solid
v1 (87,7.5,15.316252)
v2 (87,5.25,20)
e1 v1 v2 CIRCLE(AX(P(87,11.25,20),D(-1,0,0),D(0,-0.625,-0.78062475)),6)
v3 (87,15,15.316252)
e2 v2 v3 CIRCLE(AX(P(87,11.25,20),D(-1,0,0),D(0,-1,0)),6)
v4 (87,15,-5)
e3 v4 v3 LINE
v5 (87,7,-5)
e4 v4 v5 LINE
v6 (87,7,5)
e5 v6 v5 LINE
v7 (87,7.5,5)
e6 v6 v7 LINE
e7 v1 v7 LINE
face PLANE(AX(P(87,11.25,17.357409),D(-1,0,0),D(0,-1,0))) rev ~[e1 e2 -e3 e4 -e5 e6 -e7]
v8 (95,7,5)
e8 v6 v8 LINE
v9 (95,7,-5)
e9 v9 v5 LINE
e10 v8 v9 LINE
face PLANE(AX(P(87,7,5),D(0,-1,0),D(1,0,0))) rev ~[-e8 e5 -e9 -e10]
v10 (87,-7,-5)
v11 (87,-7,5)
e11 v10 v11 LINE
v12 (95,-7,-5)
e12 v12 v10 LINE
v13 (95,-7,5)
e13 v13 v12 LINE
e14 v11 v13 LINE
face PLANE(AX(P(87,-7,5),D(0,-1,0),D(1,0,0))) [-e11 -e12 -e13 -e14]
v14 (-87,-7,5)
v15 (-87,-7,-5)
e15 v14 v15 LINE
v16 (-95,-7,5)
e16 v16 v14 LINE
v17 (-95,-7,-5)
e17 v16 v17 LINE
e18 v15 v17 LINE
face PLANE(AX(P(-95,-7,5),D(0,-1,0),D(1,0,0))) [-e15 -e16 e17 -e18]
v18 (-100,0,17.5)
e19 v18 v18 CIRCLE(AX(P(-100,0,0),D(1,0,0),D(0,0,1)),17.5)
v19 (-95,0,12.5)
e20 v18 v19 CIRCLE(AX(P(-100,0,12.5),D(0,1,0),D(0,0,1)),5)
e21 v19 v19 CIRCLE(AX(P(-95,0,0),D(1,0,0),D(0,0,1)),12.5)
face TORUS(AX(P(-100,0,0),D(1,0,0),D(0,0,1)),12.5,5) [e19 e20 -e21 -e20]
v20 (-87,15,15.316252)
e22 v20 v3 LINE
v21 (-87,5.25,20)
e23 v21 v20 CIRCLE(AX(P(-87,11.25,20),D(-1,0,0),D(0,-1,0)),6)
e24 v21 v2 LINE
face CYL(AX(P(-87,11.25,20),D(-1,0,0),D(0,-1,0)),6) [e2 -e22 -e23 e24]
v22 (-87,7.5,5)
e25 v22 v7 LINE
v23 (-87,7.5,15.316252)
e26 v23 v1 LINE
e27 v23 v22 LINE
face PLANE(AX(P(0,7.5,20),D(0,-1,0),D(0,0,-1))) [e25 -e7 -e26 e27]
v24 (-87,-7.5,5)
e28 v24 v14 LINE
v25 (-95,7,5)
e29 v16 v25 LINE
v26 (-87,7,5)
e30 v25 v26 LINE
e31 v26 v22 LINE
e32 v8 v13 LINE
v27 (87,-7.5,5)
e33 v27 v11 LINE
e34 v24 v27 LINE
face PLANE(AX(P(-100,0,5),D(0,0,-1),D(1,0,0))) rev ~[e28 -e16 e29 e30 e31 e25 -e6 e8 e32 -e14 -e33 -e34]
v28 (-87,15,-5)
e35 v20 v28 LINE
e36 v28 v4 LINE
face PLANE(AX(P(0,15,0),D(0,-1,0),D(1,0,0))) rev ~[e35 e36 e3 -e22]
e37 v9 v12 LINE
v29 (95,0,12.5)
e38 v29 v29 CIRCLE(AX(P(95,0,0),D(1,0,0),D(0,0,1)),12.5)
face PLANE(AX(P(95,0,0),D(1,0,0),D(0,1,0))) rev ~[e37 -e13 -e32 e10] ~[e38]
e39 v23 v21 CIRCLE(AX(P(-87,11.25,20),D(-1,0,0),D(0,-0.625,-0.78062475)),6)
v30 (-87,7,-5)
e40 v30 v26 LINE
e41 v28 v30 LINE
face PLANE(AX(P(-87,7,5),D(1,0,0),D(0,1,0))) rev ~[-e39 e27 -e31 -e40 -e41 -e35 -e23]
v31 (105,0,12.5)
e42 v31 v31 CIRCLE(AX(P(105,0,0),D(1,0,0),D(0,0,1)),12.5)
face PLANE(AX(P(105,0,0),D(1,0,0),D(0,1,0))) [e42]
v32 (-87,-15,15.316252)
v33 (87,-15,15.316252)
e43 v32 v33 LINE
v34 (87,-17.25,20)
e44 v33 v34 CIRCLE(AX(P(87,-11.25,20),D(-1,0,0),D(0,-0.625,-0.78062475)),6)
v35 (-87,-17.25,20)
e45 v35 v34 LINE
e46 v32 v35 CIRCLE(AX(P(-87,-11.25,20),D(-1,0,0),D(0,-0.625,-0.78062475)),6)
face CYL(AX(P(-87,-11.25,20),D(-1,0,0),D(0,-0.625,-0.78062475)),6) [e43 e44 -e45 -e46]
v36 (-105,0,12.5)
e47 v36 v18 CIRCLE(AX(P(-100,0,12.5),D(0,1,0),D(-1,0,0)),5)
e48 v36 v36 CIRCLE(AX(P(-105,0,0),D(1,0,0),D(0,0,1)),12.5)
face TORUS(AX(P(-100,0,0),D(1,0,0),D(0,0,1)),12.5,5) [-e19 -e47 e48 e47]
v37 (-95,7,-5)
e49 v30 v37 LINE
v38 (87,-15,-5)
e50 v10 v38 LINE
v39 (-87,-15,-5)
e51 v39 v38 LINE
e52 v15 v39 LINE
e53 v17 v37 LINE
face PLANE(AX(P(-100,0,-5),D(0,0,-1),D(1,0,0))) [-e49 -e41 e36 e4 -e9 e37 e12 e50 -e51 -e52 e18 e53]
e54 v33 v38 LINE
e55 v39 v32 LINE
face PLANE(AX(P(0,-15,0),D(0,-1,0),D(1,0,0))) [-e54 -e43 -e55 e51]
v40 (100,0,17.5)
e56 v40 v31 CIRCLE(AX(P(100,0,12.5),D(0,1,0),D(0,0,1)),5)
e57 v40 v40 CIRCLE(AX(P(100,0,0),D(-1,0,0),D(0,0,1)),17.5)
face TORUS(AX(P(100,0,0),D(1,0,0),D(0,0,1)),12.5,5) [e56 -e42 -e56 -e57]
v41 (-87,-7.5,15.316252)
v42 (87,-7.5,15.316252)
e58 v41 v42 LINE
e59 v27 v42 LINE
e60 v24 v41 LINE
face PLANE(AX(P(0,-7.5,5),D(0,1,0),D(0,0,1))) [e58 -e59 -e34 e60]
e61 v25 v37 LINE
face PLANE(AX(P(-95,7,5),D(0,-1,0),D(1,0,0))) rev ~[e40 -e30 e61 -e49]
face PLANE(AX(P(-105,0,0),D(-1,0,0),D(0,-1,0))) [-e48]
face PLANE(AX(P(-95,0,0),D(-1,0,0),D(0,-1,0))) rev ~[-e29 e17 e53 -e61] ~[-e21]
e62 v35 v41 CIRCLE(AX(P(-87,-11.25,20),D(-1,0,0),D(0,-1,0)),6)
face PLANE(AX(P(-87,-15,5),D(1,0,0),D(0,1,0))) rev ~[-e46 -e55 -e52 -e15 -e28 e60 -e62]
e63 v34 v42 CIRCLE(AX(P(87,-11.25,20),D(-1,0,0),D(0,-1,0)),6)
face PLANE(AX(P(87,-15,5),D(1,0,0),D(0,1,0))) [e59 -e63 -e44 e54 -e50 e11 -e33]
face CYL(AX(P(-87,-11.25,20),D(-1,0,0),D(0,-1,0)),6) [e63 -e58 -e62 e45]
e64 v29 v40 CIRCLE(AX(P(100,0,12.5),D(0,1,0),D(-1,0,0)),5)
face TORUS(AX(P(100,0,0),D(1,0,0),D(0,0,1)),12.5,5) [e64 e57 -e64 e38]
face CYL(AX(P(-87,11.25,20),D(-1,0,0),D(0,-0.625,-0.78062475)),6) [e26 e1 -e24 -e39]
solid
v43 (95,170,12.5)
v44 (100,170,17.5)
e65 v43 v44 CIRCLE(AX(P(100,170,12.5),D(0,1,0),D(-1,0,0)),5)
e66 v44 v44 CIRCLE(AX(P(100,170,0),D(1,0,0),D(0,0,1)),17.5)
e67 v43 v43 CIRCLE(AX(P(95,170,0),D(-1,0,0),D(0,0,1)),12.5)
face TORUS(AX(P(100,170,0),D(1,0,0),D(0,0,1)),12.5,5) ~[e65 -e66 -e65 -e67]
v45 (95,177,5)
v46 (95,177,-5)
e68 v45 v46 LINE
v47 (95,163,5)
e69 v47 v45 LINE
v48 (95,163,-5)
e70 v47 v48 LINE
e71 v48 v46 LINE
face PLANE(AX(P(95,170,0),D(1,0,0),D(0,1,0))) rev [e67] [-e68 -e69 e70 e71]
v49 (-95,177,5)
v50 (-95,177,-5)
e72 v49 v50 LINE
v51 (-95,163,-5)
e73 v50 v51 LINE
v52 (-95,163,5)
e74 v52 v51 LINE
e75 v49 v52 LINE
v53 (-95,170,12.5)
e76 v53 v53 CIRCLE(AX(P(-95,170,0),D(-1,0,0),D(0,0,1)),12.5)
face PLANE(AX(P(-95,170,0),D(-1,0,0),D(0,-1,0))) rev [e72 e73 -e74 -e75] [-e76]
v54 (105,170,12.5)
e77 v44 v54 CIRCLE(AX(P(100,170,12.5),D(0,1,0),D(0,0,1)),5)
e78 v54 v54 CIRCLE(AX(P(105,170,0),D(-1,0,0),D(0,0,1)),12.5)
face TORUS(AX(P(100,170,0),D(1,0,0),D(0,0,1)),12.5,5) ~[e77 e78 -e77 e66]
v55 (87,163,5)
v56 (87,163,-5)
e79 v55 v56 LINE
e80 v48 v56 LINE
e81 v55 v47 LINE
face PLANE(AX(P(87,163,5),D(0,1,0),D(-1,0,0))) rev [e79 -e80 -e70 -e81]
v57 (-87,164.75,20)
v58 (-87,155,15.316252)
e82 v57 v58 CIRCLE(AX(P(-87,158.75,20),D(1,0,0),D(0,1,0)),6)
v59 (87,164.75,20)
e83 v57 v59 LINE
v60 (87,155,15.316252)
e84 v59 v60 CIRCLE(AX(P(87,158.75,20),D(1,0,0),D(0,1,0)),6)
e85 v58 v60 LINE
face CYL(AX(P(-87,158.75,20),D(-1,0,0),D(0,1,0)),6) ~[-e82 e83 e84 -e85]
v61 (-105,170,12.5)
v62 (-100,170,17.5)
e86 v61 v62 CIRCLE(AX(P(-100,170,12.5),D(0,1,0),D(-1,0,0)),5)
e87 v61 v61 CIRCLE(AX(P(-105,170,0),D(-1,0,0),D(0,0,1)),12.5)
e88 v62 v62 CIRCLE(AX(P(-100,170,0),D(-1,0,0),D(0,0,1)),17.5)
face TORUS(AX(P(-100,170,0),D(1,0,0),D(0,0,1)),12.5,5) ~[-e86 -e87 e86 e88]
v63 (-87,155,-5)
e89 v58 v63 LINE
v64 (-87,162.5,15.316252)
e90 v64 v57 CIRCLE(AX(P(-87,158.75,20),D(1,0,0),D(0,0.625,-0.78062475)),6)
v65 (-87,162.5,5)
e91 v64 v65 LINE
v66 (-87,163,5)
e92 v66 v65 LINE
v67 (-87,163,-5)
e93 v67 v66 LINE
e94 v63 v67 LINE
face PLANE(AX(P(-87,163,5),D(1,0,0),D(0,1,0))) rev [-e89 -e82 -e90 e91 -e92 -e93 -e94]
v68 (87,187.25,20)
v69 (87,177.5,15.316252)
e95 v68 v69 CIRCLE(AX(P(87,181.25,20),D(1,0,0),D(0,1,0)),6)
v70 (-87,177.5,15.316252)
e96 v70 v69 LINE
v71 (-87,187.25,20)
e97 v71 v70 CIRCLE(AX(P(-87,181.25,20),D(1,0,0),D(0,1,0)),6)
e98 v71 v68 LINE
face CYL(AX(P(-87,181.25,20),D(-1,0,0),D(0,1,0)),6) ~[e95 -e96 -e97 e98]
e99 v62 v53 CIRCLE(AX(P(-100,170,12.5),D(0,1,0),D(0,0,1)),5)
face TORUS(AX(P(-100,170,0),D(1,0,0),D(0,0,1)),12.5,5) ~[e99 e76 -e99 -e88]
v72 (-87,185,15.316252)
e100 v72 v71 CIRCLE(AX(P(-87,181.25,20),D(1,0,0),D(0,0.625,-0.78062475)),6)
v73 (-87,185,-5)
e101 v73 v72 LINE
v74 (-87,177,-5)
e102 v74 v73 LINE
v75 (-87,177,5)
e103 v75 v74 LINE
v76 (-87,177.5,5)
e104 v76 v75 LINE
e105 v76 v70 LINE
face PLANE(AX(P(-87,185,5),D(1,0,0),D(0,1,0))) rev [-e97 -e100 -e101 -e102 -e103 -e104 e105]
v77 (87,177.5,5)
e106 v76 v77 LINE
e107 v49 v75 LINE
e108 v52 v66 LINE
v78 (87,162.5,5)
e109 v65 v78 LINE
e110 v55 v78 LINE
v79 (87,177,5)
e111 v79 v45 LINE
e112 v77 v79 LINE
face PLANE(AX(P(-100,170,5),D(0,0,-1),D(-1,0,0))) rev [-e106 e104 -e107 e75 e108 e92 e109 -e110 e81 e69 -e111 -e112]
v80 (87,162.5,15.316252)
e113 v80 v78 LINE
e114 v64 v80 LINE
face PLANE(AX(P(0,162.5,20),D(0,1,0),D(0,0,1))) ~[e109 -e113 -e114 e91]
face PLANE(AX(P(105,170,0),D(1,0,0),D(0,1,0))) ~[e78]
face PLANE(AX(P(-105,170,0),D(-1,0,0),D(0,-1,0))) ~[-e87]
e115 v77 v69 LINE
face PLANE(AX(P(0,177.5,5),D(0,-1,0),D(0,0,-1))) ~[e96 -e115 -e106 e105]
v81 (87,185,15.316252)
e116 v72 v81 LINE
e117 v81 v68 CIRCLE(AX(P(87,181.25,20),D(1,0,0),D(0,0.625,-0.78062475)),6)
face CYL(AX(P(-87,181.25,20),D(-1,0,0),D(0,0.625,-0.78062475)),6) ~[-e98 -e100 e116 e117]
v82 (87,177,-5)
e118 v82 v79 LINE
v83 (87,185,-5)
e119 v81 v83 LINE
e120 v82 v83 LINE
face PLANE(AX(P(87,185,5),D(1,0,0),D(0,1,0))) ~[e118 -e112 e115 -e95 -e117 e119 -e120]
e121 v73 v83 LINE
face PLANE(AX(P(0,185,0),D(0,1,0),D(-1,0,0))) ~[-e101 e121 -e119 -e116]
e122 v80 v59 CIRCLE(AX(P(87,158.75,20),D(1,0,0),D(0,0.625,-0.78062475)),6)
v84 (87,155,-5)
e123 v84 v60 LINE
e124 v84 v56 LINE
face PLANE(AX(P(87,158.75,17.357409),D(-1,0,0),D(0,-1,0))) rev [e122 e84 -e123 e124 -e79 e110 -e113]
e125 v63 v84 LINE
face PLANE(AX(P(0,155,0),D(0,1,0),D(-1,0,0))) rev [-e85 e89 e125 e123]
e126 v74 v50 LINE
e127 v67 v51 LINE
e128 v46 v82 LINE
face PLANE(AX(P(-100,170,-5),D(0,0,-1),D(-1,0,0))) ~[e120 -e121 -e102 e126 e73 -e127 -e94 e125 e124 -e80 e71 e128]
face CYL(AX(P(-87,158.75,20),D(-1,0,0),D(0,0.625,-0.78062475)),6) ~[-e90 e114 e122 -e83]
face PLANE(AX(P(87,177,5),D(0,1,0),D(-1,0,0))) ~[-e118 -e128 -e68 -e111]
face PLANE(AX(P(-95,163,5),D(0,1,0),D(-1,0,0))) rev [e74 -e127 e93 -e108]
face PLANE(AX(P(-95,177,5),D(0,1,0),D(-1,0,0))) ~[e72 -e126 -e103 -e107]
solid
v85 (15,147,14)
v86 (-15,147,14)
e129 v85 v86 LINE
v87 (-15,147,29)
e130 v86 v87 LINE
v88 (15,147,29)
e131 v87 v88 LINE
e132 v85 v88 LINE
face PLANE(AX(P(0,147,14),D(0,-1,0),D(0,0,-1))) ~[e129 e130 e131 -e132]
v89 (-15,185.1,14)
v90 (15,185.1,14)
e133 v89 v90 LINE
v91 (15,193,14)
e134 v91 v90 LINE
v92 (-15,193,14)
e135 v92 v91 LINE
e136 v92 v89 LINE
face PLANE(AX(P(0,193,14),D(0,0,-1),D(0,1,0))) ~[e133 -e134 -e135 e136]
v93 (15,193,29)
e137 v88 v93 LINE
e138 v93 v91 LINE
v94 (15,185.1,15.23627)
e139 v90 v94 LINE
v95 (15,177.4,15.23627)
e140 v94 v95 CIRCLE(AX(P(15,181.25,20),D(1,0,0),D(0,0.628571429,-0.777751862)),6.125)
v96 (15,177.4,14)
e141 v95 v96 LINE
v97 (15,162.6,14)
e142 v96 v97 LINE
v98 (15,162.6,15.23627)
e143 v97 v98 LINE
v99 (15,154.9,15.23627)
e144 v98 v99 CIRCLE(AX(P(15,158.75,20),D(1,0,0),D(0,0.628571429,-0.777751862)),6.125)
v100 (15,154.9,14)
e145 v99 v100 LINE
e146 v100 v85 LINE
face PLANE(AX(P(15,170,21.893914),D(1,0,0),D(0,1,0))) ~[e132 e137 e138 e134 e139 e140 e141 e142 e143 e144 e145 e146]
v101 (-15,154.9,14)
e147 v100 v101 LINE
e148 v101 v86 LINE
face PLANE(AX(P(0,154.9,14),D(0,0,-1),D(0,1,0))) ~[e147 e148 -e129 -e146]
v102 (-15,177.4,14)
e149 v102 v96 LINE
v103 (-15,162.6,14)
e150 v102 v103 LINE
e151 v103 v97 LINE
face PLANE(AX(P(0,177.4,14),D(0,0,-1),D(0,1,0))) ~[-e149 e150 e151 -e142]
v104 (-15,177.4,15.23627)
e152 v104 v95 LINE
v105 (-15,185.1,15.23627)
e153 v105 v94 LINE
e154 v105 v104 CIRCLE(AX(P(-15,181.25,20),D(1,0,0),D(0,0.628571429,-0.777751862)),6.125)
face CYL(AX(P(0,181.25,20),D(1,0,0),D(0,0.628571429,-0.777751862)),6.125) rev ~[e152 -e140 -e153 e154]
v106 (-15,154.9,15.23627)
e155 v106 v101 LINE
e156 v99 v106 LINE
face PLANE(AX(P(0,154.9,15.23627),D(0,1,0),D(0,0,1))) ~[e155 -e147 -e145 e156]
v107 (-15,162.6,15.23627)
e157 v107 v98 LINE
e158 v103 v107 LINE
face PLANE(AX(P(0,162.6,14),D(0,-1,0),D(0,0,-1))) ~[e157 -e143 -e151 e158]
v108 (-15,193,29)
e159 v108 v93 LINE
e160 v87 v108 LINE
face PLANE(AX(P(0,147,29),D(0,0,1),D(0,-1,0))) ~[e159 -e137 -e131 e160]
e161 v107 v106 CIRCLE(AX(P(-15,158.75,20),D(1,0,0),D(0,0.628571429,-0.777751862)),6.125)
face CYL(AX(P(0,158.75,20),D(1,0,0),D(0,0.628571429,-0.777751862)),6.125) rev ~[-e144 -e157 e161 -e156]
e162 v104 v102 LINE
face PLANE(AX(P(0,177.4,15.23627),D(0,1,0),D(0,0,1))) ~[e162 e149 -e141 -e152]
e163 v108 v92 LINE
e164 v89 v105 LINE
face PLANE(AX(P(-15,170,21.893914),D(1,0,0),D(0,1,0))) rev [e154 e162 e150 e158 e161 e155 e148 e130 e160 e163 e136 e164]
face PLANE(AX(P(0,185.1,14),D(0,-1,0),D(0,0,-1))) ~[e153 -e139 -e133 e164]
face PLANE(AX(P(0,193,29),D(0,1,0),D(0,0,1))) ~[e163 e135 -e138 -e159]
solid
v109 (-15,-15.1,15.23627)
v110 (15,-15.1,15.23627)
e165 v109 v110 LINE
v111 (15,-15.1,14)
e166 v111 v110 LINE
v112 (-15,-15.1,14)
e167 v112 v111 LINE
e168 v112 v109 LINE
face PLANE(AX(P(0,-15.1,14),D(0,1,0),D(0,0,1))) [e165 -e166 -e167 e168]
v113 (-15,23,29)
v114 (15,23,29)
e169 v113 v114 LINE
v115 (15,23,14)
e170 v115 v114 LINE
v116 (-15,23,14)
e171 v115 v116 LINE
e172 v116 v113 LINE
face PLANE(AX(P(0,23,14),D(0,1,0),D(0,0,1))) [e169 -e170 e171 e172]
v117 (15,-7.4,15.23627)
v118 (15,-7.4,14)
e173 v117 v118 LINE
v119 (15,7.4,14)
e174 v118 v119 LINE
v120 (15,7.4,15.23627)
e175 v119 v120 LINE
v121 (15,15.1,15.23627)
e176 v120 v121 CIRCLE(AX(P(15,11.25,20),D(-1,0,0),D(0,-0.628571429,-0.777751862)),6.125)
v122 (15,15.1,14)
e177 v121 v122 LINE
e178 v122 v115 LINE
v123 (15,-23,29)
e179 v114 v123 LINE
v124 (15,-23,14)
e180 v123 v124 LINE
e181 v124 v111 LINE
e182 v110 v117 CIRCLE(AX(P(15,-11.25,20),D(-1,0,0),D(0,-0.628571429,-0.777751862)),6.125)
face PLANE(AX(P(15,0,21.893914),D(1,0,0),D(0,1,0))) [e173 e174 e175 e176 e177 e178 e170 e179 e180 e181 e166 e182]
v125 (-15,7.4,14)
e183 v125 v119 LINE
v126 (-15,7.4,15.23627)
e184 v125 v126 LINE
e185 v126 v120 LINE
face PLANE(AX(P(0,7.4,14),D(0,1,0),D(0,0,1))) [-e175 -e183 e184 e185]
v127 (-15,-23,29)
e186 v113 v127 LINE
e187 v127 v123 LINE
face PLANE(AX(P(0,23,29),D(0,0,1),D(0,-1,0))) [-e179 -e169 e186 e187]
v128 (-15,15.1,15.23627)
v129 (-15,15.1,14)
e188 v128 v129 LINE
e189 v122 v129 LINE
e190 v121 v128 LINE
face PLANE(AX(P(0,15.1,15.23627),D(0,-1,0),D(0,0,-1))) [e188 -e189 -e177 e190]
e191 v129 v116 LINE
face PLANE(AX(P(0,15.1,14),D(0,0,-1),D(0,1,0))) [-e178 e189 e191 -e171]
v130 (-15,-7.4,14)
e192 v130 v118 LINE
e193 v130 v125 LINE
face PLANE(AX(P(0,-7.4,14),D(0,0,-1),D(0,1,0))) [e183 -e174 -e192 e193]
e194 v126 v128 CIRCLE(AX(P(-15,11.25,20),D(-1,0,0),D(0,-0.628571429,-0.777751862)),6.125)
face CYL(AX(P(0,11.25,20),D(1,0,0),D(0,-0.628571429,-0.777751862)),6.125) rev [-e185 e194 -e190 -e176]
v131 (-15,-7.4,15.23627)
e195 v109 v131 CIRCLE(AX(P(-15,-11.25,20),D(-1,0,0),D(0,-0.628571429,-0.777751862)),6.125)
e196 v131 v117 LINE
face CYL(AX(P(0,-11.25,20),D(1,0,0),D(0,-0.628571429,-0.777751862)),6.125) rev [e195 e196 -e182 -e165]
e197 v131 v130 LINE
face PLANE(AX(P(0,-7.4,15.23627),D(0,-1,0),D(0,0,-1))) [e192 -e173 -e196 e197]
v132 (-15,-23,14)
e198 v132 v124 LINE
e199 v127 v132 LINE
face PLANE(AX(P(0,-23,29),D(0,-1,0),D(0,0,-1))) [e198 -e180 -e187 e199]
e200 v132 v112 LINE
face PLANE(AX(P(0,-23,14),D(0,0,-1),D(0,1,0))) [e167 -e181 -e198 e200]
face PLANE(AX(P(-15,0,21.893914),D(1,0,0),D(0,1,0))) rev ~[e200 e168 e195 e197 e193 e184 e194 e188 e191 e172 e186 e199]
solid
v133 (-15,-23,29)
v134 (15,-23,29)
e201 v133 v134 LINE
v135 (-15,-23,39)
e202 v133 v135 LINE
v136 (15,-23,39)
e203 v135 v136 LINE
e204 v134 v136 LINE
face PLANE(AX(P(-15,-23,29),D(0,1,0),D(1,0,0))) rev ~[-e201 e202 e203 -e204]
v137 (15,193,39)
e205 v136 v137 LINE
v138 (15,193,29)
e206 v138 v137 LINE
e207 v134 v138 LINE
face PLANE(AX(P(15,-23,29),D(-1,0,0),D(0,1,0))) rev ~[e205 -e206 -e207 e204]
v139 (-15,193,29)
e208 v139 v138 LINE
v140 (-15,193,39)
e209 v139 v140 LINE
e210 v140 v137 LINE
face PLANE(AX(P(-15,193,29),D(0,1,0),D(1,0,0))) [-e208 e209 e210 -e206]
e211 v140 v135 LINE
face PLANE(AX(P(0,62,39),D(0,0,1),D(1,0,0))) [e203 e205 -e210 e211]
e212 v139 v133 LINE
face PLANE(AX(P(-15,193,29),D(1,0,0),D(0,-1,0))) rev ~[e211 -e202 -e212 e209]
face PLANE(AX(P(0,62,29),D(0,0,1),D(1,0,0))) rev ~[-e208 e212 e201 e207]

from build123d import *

# Parameters (mm, degrees)
F0_W      = 200
F0_H      = 10
F1_DEPTH  = 15
F3_R      = 17.5
F3_W      = 30
F3_H      = 10
F2_R      = 17.5
F2_W      = 30
F2_H      = 10
F4_DEPTH  = 5
F5_W      = 8
F5_H      = 8
F6_DEPTH  = 25
F12_DEPTH = 87
F14_DEPTH = 174
F16_DEPTH = 15
F18_W     = 30
F18_H     = 170
F18_H_2   = 46
F19_DEPTH = 10


with BuildPart() as f1:
    # F0 (on Front) → F1 (new body, symmetric)
    with BuildSketch(Plane.XZ):
        Rectangle(F0_W, F0_H)
    extrude(amount=F1_DEPTH, both=True)

    # F3 (on face) + F2 (on face) → F4 (join, symmetric)
    with BuildSketch(Plane.YZ.offset(100)):
        Circle(F3_R)
        Rectangle(F3_W, F3_H, mode=Mode.SUBTRACT)
        Rectangle(F3_W, F3_H)
    with BuildSketch(Plane(origin=(-100, 0, 0), x_dir=(0, -1, 0), z_dir=(-1, 0, 0))):
        Circle(F2_R)
        Rectangle(F2_W, F2_H, mode=Mode.SUBTRACT)
        Rectangle(F2_W, F2_H)
    extrude(amount=F4_DEPTH, both=True, dir=(1, 0, 0))

    # F5 (on face) → F6 (cut)
    with BuildSketch(Plane.XY.offset(5)):
        with Locations((-91, 11)):
            Rectangle(F5_W, F5_H)
        with Locations((-91, -11)):
            Rectangle(F5_W, F5_H)
        with Locations((91, 11)):
            Rectangle(F5_W, F5_H)
        with Locations((91, -11)):
            Rectangle(F5_W, F5_H)
    extrude(amount=-F6_DEPTH, mode=Mode.SUBTRACT)

    # F7 (on Front) → F9 (revolve, cut)
    with BuildSketch(Plane.XZ):
        with BuildLine():
            Line((-95, 17.5), (-100, 17.5))
            ThreePointArc((-100, 17.5), (-96.4644660941, 16.0355339059), (-95, 12.5))
            Line((-95, 12.5), (-95, 17.5))
        make_face()
        with BuildLine():
            Line((-105, 17.5), (-105, 12.5))
            ThreePointArc((-105, 12.5), (-103.5355339059, 16.0355339059), (-100, 17.5))
            Line((-100, 17.5), (-105, 17.5))
        make_face()
        with BuildLine():
            Line((95, 17.5), (95, 12.5))
            ThreePointArc((95, 12.5), (96.4644660941, 16.0355339059), (100, 17.5))
            Line((100, 17.5), (95, 17.5))
        make_face()
        with BuildLine():
            Line((105, 17.5), (100, 17.5))
            ThreePointArc((100, 17.5), (103.5355339059, 16.0355339059), (105, 12.5))
            Line((105, 12.5), (105, 17.5))
        make_face()
    revolve(axis=Axis((-5.7914964855, 0, 0), (1, 0, 0)), mode=Mode.SUBTRACT)

    # F11 (on Right) → F12 (join, symmetric)
    with BuildSketch(Plane.YZ):
        Polygon((-15, 0), (15, 0), (15, 20), (7.5, 20), (7.5, 5), (-7.5, 5), (-7.5, 20), (-15, 20), align=None)
    extrude(amount=F12_DEPTH, both=True)

    # F13 (on face) → F14 (join, through all)
    with BuildSketch(Plane(origin=(-87, 0, 0), x_dir=(0, -1, 0), z_dir=(-1, 0, 0))):
        with BuildLine():
            Line((-15, 20), (-15, 15.3162515012))
            ThreePointArc((-15, 15.3162515012), (-11.25, 14), (-7.5, 15.3162515012))
            Line((-7.5, 15.3162515012), (-7.5, 20))
            Line((-7.5, 20), (-15, 20))
        make_face()
        with BuildLine():
            ThreePointArc((-7.5, 15.3162515012), (-5.8416730868, 17.4019237886), (-5.25, 20))
            ThreePointArc((-5.25, 20), (-13.8480762114, 25.4083269132), (-15, 15.3162515012))
            Line((-15, 15.3162515012), (-15, 20))
            Line((-15, 20), (-7.5, 20))
            Line((-7.5, 20), (-7.5, 15.3162515012))
        make_face()
        with BuildLine():
            ThreePointArc((15, 15.3162515012), (16.6583269132, 17.4019237886), (17.25, 20))
            ThreePointArc((17.25, 20), (8.6519237886, 25.4083269132), (7.5, 15.3162515012))
            Line((7.5, 15.3162515012), (7.5, 20))
            Line((7.5, 20), (15, 20))
            Line((15, 20), (15, 15.3162515012))
        make_face()
    extrude(amount=-F14_DEPTH)


with BuildPart() as f16:
    # F15 (on Right) → F16 (new body, symmetric)
    with BuildSketch(Plane.YZ):
        with BuildLine():
            Line((23, 14), (23, 29))
            Line((23, 29), (-23, 29))
            Line((-23, 29), (-23, 14))
            Line((-23, 14), (-15.1, 14))
            Line((-15.1, 14), (-15.1, 15.2362698439))
            ThreePointArc((-15.1, 15.2362698439), (-11.25, 26.125), (-7.4, 15.2362698439))
            Line((-7.4, 15.2362698439), (-7.4, 14))
            Line((-7.4, 14), (7.4, 14))
            Line((7.4, 14), (7.4, 15.2362698439))
            ThreePointArc((7.4, 15.2362698439), (11.25, 26.125), (15.1, 15.2362698439))
            Line((15.1, 15.2362698439), (15.1, 14))
            Line((15.1, 14), (23, 14))
        make_face()
    extrude(amount=F16_DEPTH, both=True)


with BuildPart() as f17_1:
    # F17: instance of F1
    add(f1.part.mirror(Plane.XZ.offset(-85)))


with BuildPart() as f17_2:
    # F17: instance of F16
    add(f16.part.mirror(Plane.XZ.offset(-85)))


with BuildPart() as f19:
    # F18 (on face) → F19 (new body)
    with BuildSketch(Plane.XY.offset(29)):
        with Locations((0, 62)):
            Rectangle(F18_W, F18_H)
        with Locations((0, 170)):
            Rectangle(F18_W, F18_H_2)
    extrude(amount=F19_DEPTH)


solid = Compound([f1.part, f16.part, f17_1.part, f17_2.part, f19.part])
